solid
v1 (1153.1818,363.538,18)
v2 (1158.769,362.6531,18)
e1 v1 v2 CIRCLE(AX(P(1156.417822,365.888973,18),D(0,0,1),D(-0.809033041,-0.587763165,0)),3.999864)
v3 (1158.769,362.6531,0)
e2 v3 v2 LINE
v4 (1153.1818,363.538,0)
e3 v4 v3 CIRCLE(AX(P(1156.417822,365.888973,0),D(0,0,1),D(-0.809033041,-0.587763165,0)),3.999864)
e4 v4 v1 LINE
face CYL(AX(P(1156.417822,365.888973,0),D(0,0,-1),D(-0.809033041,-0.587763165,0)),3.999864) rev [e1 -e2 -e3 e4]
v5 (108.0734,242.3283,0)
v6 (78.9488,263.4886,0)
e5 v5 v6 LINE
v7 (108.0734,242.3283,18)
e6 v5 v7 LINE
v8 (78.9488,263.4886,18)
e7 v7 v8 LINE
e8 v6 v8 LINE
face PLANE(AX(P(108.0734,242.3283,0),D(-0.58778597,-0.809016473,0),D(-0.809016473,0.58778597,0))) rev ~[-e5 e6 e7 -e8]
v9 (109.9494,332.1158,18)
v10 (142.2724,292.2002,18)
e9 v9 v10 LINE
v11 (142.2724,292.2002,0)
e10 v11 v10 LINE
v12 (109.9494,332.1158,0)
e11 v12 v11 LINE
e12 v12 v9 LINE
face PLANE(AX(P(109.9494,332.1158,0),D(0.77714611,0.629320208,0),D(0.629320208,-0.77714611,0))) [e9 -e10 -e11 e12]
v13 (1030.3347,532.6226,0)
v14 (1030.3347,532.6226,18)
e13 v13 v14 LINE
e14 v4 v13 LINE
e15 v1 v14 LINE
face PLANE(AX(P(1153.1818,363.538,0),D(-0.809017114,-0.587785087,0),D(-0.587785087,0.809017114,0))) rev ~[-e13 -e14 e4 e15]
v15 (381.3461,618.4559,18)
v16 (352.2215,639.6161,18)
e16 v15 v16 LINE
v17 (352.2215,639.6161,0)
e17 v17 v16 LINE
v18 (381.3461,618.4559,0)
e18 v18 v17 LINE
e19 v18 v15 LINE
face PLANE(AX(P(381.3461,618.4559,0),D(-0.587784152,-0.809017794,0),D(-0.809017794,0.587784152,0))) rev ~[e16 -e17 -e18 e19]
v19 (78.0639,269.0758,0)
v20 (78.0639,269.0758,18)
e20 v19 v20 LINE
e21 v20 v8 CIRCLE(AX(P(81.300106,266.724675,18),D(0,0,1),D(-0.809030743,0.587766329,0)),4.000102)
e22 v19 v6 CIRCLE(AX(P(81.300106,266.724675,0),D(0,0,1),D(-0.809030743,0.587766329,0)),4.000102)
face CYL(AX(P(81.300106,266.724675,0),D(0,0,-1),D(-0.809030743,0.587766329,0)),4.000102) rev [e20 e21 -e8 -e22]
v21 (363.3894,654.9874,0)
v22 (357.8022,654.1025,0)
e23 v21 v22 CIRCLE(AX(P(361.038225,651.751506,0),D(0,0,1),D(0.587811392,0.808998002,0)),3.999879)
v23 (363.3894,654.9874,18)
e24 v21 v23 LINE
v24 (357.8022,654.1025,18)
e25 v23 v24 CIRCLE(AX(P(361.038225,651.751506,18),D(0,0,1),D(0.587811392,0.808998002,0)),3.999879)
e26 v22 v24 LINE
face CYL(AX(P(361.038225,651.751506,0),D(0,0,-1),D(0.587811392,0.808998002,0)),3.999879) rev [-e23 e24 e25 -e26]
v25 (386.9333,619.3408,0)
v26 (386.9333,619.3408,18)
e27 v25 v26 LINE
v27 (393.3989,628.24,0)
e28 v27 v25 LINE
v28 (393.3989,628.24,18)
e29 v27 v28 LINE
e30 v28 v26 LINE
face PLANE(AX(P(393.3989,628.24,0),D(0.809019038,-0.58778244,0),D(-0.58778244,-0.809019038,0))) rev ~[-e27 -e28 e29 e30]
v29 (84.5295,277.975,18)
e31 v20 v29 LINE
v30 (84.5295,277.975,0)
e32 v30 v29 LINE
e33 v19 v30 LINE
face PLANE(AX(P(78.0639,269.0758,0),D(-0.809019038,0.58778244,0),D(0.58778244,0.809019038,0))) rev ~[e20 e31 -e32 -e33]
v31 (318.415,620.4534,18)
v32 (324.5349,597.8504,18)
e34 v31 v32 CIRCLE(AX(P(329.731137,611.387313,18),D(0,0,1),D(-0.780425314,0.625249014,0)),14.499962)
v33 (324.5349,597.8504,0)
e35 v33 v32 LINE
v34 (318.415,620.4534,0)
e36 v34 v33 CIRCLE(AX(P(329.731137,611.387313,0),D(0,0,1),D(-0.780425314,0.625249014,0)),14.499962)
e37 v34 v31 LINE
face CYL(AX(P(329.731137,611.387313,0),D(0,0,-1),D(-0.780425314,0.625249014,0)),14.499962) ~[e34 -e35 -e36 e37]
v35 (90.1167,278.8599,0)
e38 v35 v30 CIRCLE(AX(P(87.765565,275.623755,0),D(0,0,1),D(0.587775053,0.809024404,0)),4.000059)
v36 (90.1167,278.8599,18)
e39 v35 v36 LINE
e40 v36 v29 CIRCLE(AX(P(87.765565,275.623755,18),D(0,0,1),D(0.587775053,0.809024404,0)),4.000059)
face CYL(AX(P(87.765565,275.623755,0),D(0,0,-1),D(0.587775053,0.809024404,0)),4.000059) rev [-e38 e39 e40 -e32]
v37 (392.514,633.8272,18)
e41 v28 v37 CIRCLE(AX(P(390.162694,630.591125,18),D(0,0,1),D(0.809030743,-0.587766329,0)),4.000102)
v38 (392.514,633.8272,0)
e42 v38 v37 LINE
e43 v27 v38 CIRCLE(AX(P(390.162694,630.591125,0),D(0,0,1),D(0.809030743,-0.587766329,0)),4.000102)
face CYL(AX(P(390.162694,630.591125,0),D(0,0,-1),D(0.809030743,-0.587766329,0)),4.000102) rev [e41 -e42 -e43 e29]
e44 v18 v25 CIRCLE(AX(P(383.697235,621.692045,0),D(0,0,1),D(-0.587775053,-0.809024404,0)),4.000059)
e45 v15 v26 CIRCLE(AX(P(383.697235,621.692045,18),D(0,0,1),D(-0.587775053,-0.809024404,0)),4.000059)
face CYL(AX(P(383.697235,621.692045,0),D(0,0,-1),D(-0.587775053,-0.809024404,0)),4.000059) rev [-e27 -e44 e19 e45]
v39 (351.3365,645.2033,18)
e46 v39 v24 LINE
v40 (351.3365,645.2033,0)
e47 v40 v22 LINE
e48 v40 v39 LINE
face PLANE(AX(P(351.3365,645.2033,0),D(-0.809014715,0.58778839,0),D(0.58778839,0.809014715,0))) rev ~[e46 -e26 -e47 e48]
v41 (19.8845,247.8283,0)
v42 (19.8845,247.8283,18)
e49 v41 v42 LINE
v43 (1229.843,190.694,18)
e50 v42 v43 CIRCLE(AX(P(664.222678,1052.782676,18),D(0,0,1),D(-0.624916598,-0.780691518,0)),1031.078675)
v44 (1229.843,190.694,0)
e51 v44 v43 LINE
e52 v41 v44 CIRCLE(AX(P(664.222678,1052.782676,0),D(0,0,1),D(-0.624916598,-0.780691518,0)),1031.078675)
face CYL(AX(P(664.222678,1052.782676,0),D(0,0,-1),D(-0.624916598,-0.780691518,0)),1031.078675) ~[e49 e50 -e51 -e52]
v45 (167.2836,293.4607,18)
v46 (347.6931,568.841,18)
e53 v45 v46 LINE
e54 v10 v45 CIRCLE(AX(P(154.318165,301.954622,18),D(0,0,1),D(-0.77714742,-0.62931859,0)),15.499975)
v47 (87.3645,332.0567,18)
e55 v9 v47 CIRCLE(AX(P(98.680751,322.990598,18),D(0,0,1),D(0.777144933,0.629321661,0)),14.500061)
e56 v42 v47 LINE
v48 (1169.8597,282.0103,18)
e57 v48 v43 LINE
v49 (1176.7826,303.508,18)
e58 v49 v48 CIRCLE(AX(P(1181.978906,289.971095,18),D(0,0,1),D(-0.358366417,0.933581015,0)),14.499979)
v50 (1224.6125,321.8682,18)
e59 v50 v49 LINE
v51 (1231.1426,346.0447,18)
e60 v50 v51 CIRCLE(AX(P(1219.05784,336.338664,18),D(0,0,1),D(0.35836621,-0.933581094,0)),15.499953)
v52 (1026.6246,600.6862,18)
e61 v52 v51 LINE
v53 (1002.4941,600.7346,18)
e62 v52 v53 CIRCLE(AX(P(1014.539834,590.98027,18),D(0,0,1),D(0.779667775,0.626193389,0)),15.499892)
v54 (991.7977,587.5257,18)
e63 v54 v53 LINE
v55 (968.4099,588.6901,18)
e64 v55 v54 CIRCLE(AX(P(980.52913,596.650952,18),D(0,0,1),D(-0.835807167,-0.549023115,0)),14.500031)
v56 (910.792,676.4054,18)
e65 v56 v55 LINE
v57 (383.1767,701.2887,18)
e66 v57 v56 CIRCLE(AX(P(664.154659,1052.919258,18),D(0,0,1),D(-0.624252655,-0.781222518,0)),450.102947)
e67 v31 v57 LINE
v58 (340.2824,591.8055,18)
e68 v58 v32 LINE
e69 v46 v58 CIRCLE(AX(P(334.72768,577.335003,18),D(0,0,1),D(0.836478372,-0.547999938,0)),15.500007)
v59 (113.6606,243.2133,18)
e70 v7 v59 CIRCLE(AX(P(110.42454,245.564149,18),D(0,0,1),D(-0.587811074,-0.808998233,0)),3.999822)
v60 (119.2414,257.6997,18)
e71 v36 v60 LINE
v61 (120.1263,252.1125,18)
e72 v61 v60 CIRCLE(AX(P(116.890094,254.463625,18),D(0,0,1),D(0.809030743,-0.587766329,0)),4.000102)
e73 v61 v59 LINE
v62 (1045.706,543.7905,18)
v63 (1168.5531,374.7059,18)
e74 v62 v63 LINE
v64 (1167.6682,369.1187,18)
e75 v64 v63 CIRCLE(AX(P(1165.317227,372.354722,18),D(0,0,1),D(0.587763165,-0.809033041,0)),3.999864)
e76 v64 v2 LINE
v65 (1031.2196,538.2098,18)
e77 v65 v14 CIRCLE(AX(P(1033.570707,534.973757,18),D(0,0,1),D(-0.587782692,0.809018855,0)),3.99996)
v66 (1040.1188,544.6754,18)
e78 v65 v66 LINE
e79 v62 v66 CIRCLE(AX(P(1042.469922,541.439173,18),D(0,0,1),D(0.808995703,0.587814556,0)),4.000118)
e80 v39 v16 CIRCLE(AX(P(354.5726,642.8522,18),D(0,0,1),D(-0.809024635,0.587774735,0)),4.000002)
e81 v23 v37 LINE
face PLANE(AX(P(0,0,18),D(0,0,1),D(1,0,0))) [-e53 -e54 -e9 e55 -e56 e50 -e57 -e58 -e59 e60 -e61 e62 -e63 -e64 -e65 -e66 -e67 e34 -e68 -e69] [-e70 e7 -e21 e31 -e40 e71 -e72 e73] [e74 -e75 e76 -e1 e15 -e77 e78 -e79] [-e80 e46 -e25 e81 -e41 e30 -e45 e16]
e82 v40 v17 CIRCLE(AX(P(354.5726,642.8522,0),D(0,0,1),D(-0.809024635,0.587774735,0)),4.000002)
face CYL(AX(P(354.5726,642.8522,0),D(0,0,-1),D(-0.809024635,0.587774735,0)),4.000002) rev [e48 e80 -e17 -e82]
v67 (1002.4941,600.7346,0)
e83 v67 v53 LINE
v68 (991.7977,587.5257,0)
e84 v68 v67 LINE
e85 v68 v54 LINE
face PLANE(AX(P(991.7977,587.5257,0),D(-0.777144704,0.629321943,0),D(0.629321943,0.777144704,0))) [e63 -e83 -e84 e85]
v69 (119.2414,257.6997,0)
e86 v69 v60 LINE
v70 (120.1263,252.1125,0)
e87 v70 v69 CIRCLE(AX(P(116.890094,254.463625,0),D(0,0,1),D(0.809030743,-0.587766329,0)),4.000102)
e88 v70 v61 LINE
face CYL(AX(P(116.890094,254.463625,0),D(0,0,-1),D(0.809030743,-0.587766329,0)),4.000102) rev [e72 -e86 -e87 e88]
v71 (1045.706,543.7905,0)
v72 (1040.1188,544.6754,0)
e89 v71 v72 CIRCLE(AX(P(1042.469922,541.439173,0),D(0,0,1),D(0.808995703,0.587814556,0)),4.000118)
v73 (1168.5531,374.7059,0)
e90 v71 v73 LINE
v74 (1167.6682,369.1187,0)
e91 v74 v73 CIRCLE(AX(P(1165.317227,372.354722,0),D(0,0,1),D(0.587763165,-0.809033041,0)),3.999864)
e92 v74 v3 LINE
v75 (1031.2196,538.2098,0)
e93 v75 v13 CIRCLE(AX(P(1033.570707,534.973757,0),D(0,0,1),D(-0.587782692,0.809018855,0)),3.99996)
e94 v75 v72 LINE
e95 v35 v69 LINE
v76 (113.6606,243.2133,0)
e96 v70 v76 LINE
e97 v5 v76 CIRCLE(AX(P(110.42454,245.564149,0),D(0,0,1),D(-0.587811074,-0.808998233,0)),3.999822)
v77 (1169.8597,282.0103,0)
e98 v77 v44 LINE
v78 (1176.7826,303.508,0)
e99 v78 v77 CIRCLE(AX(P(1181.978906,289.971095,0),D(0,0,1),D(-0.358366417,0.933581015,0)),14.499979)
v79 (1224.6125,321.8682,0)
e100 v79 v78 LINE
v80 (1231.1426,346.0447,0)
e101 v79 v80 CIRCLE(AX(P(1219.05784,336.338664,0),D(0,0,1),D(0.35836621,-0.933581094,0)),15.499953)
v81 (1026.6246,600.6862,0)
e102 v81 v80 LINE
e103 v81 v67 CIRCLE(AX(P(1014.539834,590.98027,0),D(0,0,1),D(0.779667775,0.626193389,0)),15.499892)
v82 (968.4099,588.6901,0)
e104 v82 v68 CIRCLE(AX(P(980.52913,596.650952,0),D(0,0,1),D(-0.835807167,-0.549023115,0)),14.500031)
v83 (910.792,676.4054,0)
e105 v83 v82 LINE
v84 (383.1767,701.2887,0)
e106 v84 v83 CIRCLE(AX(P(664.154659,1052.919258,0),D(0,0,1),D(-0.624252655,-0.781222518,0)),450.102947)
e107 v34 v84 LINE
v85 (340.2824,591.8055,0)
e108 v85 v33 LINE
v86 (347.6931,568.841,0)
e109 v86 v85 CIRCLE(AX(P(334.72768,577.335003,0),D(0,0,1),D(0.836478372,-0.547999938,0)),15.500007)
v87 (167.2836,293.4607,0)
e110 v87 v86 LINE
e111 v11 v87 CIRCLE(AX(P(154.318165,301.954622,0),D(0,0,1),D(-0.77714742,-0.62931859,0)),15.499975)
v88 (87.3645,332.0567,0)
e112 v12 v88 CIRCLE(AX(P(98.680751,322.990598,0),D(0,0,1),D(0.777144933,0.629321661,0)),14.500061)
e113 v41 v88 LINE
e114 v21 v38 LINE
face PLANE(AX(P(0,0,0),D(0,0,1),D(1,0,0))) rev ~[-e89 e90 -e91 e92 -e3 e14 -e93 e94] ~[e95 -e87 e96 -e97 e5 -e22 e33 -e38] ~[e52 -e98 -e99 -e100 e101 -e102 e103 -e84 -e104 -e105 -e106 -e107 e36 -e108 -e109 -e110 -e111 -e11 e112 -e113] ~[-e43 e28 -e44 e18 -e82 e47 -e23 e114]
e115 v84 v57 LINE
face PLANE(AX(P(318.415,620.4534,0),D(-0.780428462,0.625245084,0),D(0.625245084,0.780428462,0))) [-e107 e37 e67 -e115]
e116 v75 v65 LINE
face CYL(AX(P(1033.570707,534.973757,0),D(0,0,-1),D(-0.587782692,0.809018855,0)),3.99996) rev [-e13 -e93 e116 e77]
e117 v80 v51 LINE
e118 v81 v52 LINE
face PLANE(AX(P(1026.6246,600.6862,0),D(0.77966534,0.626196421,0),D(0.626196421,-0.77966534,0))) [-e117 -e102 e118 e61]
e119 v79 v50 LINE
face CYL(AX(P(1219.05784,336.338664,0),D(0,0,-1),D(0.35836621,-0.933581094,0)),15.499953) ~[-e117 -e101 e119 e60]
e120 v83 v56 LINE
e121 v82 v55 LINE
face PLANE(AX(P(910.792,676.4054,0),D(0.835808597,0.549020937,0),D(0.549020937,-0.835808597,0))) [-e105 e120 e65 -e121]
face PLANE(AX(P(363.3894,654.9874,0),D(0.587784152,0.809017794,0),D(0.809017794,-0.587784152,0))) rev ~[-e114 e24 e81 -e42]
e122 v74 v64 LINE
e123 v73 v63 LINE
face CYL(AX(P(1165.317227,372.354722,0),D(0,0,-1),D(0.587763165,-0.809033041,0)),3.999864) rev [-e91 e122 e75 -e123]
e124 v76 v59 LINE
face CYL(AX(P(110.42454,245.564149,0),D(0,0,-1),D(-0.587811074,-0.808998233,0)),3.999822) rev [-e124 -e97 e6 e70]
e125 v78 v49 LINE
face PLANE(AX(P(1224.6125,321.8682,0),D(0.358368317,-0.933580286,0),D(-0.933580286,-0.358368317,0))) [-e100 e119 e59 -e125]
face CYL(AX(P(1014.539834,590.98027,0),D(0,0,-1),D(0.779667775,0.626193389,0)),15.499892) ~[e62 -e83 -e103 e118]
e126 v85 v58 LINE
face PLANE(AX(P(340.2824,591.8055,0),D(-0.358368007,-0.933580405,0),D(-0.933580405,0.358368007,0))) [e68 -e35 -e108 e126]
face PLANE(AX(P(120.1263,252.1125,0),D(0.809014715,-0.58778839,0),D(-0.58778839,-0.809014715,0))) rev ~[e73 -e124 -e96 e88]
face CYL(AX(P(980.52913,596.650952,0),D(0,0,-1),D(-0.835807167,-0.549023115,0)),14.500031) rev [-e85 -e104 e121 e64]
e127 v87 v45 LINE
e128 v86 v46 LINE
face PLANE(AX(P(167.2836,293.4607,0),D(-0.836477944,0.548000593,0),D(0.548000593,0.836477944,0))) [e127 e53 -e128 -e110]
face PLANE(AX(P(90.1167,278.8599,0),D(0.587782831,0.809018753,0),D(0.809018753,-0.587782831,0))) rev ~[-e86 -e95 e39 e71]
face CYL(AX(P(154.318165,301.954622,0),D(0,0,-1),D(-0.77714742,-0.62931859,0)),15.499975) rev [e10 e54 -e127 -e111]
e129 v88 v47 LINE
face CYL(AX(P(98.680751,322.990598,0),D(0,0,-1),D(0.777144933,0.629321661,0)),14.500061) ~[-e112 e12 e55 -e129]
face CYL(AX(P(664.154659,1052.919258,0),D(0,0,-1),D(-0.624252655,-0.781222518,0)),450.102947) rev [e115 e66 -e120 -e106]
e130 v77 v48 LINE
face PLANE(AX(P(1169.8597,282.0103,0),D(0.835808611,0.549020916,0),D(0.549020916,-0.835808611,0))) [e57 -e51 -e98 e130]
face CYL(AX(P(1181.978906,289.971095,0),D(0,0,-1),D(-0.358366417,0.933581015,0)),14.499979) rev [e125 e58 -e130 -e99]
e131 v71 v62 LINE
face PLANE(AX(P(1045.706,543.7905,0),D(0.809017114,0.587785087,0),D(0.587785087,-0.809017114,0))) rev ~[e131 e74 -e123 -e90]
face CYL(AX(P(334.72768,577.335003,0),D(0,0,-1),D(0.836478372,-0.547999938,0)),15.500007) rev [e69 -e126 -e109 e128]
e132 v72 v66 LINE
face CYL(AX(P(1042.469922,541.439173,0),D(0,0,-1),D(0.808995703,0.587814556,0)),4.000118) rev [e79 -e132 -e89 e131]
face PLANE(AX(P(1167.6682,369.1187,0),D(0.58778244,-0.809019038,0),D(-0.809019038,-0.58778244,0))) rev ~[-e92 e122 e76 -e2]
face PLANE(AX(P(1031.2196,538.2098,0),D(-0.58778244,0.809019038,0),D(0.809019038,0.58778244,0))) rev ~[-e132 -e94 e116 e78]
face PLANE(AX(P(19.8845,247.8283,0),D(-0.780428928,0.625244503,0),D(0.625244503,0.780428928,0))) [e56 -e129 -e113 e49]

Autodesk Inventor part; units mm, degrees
ref_plane "YZ Plane" through (0, 0, 0) normal (1, 0, 0) x (0, 1, 0)
ref_plane "XZ Plane" through (0, 0, 0) normal (0, 1, 0) x (-1, 0, 0)
ref_plane "XY Plane" through (0, 0, 0) normal (0, 0, 1) x (1, 0, 0)
sketch "CONTOURS" plane through (0, 0, 0) normal (0, 0, 1) x (1, 0, 0)
  arc A0 (968.4099, 588.6901) -> (991.7977, 587.5257) centre (980.5291, 596.6509) ccw
  line L0 (991.7977, 587.5257) -> (1002.4941, 600.7346)
  arc A1 (1026.6246, 600.6862) -> (1002.4941, 600.7346) centre (1014.5398, 590.9802) ccw
  line L1 (1026.6246, 600.6862) -> (1231.1426, 346.0447)
  arc A2 (1224.6125, 321.8682) -> (1231.1426, 346.0447) centre (1219.0578, 336.3387) ccw
  line L2 (1224.6125, 321.8682) -> (1176.7826, 303.508)
  arc A3 (1176.7826, 303.508) -> (1169.8597, 282.0103) centre (1181.9789, 289.9711) ccw
  line L3 (1169.8597, 282.0103) -> (1229.843, 190.694)
  arc A4 (19.8845, 247.8283) -> (1229.843, 190.694) centre (664.2228, 1052.783) ccw
  line L4 (19.8845, 247.8283) -> (87.3645, 332.0567)
  arc A5 (109.9494, 332.1158) -> (87.3645, 332.0567) centre (98.6808, 322.9907) ccw
  line L5 (109.9494, 332.1158) -> (142.2724, 292.2002)
  arc A6 (142.2724, 292.2002) -> (167.2836, 293.4607) centre (154.3182, 301.9547) ccw
  line L6 (167.2836, 293.4607) -> (347.6931, 568.841)
  arc A7 (347.6931, 568.841) -> (340.2824, 591.8055) centre (334.7277, 577.335) ccw
  line L7 (340.2824, 591.8055) -> (324.5349, 597.8504)
  arc A8 (318.415, 620.4534) -> (324.5349, 597.8504) centre (329.7312, 611.3873) ccw
  line L8 (318.415, 620.4534) -> (383.1767, 701.2887)
  arc A9 (383.1767, 701.2887) -> (910.792, 676.4054) centre (664.1546, 1052.9191) ccw
  line L9 (910.792, 676.4054) -> (968.4099, 588.6901)
sketch "HOLES" plane through (0, 0, 0) normal (0, 0, 1) x (1, 0, 0)
  arc A0 (351.3365, 645.2033) -> (352.2215, 639.6161) centre (354.5726, 642.8522) ccw
  line L0 (120.1263, 252.1125) -> (113.6606, 243.2133)
  arc A1 (108.0734, 242.3283) -> (113.6606, 243.2133) centre (110.4246, 245.5644) ccw
  line L1 (108.0734, 242.3283) -> (78.9488, 263.4886)
  arc A2 (78.0639, 269.0758) -> (78.9488, 263.4886) centre (81.3, 266.7247) ccw
  line L2 (78.0639, 269.0758) -> (84.5295, 277.975)
  arc A3 (90.1167, 278.8599) -> (84.5295, 277.975) centre (87.7656, 275.6239) ccw
  line L3 (90.1167, 278.8599) -> (119.2414, 257.6997)
  arc A4 (120.1263, 252.1125) -> (119.2414, 257.6997) centre (116.8902, 254.4636) ccw
  line L4 (381.3461, 618.4559) -> (352.2215, 639.6161)
  line L5 (351.3365, 645.2033) -> (357.8022, 654.1025)
  arc A5 (363.3894, 654.9874) -> (357.8022, 654.1025) centre (361.0382, 651.7514) ccw
  line L6 (363.3894, 654.9874) -> (392.514, 633.8272)
  arc A6 (393.3989, 628.24) -> (392.514, 633.8272) centre (390.1628, 630.5911) ccw
  line L7 (393.3989, 628.24) -> (386.9333, 619.3408)
  arc A7 (381.3461, 618.4559) -> (386.9333, 619.3408) centre (383.6972, 621.6919) ccw
  line L8 (1031.2196, 538.2098) -> (1040.1188, 544.6754)
  arc A8 (1045.706, 543.7905) -> (1040.1188, 544.6754) centre (1042.47, 541.4393) ccw
  line L9 (1045.706, 543.7905) -> (1168.5531, 374.7059)
  arc A9 (1167.6682, 369.1187) -> (1168.5531, 374.7059) centre (1165.3171, 372.3548) ccw
  line L10 (1167.6682, 369.1187) -> (1158.769, 362.6531)
  arc A10 (1153.1818, 363.538) -> (1158.769, 362.6531) centre (1156.4179, 365.8891) ccw
  line L11 (1153.1818, 363.538) -> (1030.3347, 532.6226)
  arc A11 (1031.2196, 538.2098) -> (1030.3347, 532.6226) centre (1033.5708, 534.9737) ccw
sketch "LETTERS" plane through (0, 0, 0) normal (0, 0, 1) x (1, 0, 0)
  line L0 (330.7596, 399.6732) -> (317.8052, 406.5947)
  line L1 (317.8052, 406.5947) -> (313.241, 398.0522)
  line L2 (313.241, 398.0522) -> (308.4708, 389.1241)
  line L3 (313.2079, 398.0531) -> (322.6164, 393.0261)
extrude "Extrusion1" add sketch "CONTOURS" along normal blind 18
extrude "Extrusion2" cut sketch "HOLES" along normal blind 18
properties part number "Platform F5" material "Wood (Birch)"
